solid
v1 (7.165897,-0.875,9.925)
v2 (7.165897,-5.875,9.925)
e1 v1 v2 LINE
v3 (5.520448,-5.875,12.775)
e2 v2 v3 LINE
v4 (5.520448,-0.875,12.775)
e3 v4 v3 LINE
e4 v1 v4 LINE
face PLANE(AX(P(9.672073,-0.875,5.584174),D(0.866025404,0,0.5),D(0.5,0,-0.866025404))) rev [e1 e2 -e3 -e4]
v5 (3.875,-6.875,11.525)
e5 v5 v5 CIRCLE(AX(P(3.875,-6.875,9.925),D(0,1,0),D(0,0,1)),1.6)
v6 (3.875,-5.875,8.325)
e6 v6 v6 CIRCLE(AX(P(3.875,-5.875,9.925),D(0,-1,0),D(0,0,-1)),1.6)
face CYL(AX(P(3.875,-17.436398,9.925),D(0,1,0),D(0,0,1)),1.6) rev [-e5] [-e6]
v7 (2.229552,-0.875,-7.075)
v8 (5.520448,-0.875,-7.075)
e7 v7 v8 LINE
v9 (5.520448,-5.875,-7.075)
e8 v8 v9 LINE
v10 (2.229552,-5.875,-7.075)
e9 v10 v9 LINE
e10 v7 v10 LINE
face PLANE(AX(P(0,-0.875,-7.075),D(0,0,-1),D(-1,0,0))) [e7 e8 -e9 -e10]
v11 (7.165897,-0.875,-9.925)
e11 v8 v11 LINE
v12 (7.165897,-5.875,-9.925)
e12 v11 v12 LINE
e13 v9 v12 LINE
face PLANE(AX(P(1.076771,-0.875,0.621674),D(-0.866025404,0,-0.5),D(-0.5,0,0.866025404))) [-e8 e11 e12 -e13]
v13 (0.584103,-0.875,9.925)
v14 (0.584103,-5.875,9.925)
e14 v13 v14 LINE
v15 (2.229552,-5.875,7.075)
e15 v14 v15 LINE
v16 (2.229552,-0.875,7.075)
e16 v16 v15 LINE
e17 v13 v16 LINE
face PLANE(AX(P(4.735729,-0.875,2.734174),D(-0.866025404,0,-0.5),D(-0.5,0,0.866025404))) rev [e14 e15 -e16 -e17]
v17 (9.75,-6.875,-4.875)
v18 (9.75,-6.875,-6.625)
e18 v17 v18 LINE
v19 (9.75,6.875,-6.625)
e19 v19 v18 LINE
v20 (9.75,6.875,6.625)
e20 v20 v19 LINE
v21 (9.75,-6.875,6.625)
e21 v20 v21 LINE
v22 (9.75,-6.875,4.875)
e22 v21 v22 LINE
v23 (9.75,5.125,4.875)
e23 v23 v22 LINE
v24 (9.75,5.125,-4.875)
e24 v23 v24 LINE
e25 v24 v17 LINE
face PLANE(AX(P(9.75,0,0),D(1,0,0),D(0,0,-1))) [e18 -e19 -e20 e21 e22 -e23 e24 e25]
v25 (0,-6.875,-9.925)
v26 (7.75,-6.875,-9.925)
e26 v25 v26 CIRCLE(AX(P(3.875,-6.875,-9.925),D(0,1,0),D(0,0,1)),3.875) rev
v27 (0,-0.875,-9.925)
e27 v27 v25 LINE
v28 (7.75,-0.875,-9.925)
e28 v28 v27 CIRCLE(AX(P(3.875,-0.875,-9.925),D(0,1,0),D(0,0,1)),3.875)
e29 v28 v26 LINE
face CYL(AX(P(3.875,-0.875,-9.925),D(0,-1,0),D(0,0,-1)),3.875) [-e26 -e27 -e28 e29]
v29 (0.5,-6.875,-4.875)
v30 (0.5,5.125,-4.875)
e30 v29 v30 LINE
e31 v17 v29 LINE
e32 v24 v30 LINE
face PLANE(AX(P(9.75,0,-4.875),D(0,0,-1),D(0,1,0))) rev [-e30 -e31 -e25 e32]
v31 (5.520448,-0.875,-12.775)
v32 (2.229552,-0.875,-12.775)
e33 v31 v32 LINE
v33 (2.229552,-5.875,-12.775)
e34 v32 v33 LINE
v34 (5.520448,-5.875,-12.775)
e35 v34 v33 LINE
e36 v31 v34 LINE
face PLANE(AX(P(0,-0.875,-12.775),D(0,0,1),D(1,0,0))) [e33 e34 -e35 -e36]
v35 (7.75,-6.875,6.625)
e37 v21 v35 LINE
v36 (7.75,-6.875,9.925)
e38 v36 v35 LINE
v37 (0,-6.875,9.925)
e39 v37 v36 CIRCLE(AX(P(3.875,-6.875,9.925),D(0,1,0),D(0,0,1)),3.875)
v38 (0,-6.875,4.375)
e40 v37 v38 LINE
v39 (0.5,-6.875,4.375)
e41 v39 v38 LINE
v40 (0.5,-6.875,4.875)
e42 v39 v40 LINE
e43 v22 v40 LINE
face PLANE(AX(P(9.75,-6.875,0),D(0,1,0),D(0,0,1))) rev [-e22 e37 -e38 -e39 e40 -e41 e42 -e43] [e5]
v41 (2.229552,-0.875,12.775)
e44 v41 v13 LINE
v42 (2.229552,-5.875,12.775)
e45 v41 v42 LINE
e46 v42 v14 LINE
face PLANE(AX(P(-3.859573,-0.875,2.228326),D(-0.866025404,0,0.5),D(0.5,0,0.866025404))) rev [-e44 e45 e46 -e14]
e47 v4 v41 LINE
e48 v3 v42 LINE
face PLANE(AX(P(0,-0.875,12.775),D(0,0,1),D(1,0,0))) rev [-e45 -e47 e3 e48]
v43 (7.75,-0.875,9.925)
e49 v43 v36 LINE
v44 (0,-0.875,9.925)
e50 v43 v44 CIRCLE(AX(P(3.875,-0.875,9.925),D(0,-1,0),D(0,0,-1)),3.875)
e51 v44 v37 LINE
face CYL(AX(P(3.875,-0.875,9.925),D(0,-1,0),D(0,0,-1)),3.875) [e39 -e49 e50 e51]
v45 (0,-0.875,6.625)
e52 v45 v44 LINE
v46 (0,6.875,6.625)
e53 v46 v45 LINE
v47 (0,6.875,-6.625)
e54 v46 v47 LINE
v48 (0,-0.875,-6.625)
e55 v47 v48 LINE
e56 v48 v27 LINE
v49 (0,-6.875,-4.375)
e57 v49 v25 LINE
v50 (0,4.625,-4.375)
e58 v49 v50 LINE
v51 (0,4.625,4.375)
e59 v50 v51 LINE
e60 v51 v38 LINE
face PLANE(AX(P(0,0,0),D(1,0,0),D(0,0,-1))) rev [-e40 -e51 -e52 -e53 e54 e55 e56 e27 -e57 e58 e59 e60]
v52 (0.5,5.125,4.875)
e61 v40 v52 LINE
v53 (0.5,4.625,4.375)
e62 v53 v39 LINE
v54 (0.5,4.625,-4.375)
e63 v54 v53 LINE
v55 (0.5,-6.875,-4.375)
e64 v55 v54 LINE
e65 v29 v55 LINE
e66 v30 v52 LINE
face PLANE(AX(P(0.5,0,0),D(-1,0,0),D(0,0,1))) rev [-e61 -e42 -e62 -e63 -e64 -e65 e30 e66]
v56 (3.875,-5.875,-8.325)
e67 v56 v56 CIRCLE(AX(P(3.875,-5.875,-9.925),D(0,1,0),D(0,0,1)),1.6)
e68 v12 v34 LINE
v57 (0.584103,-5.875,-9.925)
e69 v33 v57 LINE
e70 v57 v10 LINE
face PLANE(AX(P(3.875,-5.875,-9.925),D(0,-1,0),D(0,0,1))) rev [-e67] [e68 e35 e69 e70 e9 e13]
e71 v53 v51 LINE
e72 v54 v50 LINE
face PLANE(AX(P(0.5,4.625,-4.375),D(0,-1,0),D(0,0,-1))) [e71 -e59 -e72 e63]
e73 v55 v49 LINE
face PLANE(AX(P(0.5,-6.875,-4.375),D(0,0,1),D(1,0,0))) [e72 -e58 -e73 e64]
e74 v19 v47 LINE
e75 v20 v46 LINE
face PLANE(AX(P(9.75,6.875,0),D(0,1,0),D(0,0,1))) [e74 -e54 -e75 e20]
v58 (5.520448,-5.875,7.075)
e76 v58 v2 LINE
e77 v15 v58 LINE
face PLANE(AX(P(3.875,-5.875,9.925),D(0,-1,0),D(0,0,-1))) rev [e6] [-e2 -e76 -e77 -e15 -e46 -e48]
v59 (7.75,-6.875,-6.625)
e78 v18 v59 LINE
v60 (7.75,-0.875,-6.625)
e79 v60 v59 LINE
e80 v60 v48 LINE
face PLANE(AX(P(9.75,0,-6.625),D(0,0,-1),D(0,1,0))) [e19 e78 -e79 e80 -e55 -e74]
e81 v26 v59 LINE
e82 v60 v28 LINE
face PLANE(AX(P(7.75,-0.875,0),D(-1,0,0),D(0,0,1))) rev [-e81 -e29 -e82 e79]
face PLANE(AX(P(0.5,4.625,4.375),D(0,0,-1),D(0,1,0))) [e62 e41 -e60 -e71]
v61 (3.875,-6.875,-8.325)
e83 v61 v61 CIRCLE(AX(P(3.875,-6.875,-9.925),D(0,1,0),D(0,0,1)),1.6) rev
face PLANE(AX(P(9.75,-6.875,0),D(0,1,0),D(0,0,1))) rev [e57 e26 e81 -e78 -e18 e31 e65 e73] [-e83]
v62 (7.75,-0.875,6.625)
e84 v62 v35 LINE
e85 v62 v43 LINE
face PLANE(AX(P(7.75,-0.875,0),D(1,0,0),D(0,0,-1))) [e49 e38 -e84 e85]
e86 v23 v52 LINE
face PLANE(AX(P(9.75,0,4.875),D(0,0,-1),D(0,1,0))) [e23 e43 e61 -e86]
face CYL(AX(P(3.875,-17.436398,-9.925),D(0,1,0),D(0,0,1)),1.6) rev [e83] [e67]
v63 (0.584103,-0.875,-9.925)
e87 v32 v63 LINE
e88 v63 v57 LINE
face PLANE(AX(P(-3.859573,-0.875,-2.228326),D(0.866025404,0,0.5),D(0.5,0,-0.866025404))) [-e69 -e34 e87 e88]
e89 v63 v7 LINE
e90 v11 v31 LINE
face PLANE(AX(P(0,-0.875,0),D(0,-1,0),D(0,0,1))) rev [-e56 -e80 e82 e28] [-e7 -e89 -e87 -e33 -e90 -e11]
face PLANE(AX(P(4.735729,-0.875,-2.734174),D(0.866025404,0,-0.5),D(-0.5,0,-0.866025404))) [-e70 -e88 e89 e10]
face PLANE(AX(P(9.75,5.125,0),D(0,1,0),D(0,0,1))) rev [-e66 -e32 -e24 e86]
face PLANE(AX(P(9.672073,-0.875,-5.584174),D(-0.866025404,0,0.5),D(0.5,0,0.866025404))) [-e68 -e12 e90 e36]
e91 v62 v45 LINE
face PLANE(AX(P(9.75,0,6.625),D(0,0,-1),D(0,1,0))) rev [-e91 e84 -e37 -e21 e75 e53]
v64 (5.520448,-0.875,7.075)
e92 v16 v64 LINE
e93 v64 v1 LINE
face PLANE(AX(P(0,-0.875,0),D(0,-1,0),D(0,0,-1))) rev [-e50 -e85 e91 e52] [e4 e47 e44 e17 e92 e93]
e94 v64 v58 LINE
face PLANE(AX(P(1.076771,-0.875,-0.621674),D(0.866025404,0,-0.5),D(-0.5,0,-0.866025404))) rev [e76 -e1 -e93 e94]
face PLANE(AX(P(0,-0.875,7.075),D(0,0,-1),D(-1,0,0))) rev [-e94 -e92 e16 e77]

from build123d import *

# Parameters (mm, degrees)
BOSS_EXTRUDE1_DEPTH = 9.75
BOSS_EXTRUDE2_START = -1
BOSS_EXTRUDE2_DEPTH = 5
BOSS_EXTRUDE3_START = 1
SKETCH3_R           = 1.6
BOSS_EXTRUDE3_DEPTH = 1
BOSS_EXTRUDE4_DEPTH = 0.5


with BuildPart() as part:
    # Sketch1 → Boss-Extrude1 (new body)
    with BuildSketch(Plane(origin=(0, 0, 0), x_dir=(0, 0, -1), z_dir=(1, 0, 0))):
        Polygon((-4.875, -6.875), (-4.875, 5.125), (4.875, 5.125), (4.875, -6.875), (6.625, -6.875), (6.625, 6.875), (-6.625, 6.875), (-6.625, -6.875), align=None)
    extrude(amount=BOSS_EXTRUDE1_DEPTH)

    # Sketch2 → Boss-Extrude2 (add)
    with BuildSketch(Plane.XZ.offset(6.875).offset(BOSS_EXTRUDE2_START)):
        with BuildLine():
            Line((0, 9.925), (0, 4.875))
            Line((0, 4.875), (7.75, 4.875))
            Line((7.75, 4.875), (7.75, 9.925))
            ThreePointArc((7.75, 9.925), (3.875, 13.8), (0, 9.925))
        make_face()
        Polygon((0.584103466, 9.925), (2.229551733, 12.775), (5.520448267, 12.775), (7.165896534, 9.925), (5.520448267, 7.075), (2.229551733, 7.075), align=None, mode=Mode.SUBTRACT)
    boss_extrude2 = extrude(amount=-BOSS_EXTRUDE2_DEPTH)

    # Sketch3 → Boss-Extrude3 (add)
    with BuildSketch(Plane.XZ.offset(5.875).offset(BOSS_EXTRUDE3_START)):
        with BuildLine():
            Line((7.75, 6.625), (7.75, 9.925))
            ThreePointArc((7.75, 9.925), (3.875, 13.8), (0, 9.925))
            Line((0, 9.925), (0, 6.625))
            Line((0, 6.625), (7.75, 6.625))
        make_face()
        with Locations(Location((3.875, 9.925, 0), (0, 0, 90))):
            Circle(SKETCH3_R, mode=Mode.SUBTRACT)
    boss_extrude3 = extrude(amount=-BOSS_EXTRUDE3_DEPTH)

    # Mirror1: Boss-Extrude2, Boss-Extrude3 across plane
    add(boss_extrude2.mirror(Plane.XY))
    add(boss_extrude3.mirror(Plane.XY))

    # Sketch4 → Boss-Extrude4 (add)
    with BuildSketch(Plane.ZY):
        Polygon((-6.625, 6.875), (-6.625, -6.875), (-4.375, -6.875), (-4.375, 4.625), (4.375, 4.625), (4.375, -6.875), (6.625, -6.875), (6.625, 6.875), align=None)
    extrude(amount=-BOSS_EXTRUDE4_DEPTH)


solid = part.part
